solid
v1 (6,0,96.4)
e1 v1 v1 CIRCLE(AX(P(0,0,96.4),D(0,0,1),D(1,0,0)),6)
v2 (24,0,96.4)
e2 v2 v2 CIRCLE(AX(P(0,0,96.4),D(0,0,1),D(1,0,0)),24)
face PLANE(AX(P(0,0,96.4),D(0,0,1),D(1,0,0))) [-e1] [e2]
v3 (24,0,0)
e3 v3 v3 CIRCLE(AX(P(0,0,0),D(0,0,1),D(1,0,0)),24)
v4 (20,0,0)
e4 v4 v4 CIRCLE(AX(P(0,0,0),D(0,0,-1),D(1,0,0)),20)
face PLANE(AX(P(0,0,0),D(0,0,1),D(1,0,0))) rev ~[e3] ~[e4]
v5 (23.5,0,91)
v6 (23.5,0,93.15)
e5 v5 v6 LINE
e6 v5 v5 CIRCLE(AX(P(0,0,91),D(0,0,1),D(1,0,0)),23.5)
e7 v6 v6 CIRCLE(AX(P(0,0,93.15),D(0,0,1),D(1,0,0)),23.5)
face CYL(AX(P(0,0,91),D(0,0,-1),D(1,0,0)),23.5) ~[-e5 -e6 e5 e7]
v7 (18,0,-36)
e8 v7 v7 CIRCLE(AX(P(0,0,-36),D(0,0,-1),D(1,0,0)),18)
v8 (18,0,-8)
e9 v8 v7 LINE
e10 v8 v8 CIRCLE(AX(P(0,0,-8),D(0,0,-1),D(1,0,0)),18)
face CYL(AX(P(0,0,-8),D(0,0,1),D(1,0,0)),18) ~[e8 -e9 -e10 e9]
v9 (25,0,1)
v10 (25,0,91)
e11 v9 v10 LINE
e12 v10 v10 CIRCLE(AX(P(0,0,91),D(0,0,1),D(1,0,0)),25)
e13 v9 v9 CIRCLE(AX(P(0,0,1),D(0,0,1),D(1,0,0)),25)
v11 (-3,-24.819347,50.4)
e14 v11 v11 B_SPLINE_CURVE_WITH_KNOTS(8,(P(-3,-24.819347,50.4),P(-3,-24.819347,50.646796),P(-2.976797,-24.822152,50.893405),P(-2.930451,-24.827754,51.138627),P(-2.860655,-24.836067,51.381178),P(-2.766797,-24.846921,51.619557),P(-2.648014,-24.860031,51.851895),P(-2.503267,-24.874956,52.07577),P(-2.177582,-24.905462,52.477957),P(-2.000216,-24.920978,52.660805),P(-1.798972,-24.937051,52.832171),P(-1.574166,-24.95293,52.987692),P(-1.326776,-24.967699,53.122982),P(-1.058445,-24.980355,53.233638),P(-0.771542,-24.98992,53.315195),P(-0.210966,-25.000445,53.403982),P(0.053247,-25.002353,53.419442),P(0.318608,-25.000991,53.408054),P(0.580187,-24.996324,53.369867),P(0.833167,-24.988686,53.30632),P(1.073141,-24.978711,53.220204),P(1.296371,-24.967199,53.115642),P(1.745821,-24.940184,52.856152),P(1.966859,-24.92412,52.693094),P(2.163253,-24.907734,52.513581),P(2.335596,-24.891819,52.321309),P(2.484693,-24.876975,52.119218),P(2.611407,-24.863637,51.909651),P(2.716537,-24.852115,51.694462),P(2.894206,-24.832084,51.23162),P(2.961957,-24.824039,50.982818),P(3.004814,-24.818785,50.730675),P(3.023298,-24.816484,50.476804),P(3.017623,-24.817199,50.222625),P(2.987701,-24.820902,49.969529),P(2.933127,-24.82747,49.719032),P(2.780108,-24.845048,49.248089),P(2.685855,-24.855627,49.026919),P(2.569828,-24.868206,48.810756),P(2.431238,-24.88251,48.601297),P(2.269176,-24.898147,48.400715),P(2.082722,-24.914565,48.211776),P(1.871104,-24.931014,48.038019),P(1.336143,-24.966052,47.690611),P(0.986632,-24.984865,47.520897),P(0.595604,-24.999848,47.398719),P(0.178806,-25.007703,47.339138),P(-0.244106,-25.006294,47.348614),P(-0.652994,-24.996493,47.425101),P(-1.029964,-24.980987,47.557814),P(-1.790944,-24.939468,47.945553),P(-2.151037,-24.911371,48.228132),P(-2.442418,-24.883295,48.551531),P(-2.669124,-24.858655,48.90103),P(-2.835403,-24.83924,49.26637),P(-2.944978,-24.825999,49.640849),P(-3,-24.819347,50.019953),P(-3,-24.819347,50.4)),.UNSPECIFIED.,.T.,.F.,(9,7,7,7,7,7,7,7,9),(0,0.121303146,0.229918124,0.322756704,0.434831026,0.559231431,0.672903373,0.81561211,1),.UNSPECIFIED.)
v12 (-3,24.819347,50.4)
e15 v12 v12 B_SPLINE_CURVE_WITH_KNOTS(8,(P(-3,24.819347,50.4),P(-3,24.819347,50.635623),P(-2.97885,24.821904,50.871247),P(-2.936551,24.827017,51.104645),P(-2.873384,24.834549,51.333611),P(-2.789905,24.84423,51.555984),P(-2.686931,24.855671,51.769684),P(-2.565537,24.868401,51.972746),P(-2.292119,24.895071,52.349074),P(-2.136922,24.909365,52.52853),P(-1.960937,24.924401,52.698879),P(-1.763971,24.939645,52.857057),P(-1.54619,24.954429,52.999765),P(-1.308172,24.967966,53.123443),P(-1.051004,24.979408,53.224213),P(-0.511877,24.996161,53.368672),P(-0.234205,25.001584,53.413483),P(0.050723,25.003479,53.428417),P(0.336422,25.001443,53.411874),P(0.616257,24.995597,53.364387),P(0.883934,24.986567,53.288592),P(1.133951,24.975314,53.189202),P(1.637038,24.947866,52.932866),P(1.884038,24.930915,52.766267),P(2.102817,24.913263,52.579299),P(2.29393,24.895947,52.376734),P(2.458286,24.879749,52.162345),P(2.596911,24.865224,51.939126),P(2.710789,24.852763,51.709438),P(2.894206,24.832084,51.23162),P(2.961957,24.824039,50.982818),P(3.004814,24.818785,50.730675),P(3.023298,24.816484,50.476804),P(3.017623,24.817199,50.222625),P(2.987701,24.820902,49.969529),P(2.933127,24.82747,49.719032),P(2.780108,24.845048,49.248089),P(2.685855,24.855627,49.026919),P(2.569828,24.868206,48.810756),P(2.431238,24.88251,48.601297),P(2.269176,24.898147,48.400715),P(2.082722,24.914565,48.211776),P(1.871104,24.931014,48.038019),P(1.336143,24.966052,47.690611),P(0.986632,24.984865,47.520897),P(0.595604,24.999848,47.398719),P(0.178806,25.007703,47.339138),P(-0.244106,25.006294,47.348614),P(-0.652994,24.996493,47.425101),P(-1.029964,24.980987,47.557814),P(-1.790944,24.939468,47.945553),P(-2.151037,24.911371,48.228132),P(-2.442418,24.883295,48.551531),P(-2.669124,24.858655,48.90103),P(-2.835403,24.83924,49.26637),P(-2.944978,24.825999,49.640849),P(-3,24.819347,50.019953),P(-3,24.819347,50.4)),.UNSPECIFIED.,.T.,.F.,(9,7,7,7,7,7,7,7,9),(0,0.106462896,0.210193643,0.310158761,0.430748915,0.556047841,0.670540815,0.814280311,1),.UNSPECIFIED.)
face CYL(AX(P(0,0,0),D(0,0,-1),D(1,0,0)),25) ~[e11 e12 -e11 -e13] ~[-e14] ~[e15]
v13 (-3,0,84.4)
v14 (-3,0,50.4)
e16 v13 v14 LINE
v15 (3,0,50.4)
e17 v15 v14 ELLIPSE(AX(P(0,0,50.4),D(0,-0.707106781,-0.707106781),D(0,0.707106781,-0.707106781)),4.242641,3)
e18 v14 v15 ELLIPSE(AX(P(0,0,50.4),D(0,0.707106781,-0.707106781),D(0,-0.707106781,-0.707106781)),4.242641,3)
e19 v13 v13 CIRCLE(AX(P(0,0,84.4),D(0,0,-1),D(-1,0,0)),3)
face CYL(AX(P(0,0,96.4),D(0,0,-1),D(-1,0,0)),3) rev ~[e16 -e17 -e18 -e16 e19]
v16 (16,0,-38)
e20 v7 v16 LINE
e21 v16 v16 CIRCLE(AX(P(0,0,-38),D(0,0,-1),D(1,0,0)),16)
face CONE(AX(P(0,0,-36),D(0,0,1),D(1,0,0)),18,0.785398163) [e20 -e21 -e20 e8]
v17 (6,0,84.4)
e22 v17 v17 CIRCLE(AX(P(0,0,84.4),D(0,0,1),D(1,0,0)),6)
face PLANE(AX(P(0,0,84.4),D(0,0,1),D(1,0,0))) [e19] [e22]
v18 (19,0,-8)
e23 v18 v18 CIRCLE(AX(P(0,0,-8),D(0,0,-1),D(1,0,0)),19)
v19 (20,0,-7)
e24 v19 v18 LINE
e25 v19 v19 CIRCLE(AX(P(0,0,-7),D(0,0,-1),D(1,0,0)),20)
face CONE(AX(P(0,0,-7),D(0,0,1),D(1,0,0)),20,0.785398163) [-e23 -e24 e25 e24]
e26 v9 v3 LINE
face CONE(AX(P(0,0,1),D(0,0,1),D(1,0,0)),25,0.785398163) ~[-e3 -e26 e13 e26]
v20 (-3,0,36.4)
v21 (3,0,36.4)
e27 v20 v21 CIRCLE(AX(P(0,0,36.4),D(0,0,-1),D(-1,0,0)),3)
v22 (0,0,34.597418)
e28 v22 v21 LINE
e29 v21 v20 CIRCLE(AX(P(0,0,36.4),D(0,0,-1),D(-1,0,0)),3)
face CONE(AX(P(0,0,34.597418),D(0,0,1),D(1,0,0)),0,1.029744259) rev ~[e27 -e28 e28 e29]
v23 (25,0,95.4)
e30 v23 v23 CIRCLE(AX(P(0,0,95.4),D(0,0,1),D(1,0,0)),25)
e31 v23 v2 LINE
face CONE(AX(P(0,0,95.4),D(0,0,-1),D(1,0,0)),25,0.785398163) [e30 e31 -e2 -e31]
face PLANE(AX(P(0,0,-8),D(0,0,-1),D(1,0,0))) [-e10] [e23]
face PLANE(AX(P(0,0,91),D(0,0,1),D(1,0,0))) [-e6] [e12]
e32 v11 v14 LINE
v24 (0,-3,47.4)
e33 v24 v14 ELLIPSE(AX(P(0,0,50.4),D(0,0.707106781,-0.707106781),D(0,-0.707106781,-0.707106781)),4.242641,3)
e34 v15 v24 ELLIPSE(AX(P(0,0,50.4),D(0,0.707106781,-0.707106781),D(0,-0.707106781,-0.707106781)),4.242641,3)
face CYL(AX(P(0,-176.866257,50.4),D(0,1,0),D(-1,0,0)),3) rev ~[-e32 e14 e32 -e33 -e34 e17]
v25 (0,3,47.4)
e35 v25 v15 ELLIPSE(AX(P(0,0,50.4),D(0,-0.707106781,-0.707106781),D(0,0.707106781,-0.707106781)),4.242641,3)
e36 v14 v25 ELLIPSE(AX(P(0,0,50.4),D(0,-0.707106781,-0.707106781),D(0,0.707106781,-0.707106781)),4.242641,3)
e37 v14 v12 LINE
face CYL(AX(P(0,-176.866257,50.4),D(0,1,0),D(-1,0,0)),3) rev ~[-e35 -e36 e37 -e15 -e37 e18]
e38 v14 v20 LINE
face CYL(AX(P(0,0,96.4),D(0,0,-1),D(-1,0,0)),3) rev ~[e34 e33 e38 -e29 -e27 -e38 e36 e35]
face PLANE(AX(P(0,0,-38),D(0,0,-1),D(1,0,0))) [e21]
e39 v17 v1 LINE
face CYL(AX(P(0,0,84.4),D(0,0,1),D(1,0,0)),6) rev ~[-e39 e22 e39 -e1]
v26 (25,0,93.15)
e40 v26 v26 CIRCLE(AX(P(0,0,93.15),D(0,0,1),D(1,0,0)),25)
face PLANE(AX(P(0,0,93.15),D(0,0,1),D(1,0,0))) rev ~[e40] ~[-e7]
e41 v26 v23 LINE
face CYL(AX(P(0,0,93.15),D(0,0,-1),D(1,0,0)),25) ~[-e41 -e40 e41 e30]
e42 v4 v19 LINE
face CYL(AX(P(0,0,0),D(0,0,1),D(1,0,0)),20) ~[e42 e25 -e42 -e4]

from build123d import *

# Parameters (mm, degrees)
F0_R            = 25
F1_DEPTH        = 91
F2_R            = 23.5
F3_DEPTH        = 2.15
F4_R            = 25
F5_DEPTH        = 3.25
F6_SIZE         = 1
F7_R            = 20
F8_DEPTH        = 8
F9_R            = 18
F10_DEPTH       = 30
F11_SIZE        = 1
F12_SIZE        = 2
F14_D           = 6
F14_DEPTH       = 60
F14_CBORE_D     = 12
F14_CBORE_DEPTH = 12
F14_TIP         = 1.8025818571
F17_D           = 6


with BuildPart() as f1:
    # F0 (on Top) → F1 (new body)
    with BuildSketch(Plane.XY):
        Circle(F0_R)
    extrude(amount=F1_DEPTH)

    # F2 (on face) → F3 (join)
    with BuildSketch(Plane.XY.offset(91)):
        Circle(F2_R)
    extrude(amount=F3_DEPTH)

    # F4 (on face) → F5 (join)
    with BuildSketch(Plane.XY.offset(93.15)):
        Circle(F4_R)
    extrude(amount=F5_DEPTH)

    # F6
    f6_edges = [f1.edges().sort_by_distance(p)[0] for p in [
        (-25, 0, 96.4),
    ]]
    chamfer(f6_edges, length=F6_SIZE)

    # F7 (on face) → F8 (join)
    with BuildSketch(Plane(origin=(0, 0, 0), x_dir=(1, 0, 0), z_dir=(0, 0, -1))):
        Circle(F7_R)
    extrude(amount=F8_DEPTH)

    # F9 (on face) → F10 (join)
    with BuildSketch(Plane(origin=(0, 0, -8), x_dir=(1, 0, 0), z_dir=(0, 0, -1))):
        Circle(F9_R)
    extrude(amount=F10_DEPTH)

    # F11
    f11_edges = [f1.edges().sort_by_distance(p)[0] for p in [
        (-25, 0, 0),
        (-20, 0, -8),
    ]]
    chamfer(f11_edges, length=F11_SIZE)

    # F12
    f12_edges = [f1.edges().sort_by_distance(p)[0] for p in [
        (-18, 0, -38),
    ]]
    chamfer(f12_edges, length=F12_SIZE)

    # F14
    with Locations(Plane.XY.offset(96.4)):
        with Locations((0, 0)):
            CounterBoreHole(F14_D / 2, F14_CBORE_D / 2, F14_CBORE_DEPTH, depth=F14_DEPTH)
            with Locations((0, 0, -(F14_DEPTH + F14_TIP / 2))):  # 118° drill point
                Cone(0, F14_D / 2, F14_TIP, mode=Mode.SUBTRACT)

    # F17 (through all)
    with Locations(Plane.XZ.offset(25)):
        with Locations((0, 50.4)):
            Hole(F17_D / 2)


solid = f1.part
